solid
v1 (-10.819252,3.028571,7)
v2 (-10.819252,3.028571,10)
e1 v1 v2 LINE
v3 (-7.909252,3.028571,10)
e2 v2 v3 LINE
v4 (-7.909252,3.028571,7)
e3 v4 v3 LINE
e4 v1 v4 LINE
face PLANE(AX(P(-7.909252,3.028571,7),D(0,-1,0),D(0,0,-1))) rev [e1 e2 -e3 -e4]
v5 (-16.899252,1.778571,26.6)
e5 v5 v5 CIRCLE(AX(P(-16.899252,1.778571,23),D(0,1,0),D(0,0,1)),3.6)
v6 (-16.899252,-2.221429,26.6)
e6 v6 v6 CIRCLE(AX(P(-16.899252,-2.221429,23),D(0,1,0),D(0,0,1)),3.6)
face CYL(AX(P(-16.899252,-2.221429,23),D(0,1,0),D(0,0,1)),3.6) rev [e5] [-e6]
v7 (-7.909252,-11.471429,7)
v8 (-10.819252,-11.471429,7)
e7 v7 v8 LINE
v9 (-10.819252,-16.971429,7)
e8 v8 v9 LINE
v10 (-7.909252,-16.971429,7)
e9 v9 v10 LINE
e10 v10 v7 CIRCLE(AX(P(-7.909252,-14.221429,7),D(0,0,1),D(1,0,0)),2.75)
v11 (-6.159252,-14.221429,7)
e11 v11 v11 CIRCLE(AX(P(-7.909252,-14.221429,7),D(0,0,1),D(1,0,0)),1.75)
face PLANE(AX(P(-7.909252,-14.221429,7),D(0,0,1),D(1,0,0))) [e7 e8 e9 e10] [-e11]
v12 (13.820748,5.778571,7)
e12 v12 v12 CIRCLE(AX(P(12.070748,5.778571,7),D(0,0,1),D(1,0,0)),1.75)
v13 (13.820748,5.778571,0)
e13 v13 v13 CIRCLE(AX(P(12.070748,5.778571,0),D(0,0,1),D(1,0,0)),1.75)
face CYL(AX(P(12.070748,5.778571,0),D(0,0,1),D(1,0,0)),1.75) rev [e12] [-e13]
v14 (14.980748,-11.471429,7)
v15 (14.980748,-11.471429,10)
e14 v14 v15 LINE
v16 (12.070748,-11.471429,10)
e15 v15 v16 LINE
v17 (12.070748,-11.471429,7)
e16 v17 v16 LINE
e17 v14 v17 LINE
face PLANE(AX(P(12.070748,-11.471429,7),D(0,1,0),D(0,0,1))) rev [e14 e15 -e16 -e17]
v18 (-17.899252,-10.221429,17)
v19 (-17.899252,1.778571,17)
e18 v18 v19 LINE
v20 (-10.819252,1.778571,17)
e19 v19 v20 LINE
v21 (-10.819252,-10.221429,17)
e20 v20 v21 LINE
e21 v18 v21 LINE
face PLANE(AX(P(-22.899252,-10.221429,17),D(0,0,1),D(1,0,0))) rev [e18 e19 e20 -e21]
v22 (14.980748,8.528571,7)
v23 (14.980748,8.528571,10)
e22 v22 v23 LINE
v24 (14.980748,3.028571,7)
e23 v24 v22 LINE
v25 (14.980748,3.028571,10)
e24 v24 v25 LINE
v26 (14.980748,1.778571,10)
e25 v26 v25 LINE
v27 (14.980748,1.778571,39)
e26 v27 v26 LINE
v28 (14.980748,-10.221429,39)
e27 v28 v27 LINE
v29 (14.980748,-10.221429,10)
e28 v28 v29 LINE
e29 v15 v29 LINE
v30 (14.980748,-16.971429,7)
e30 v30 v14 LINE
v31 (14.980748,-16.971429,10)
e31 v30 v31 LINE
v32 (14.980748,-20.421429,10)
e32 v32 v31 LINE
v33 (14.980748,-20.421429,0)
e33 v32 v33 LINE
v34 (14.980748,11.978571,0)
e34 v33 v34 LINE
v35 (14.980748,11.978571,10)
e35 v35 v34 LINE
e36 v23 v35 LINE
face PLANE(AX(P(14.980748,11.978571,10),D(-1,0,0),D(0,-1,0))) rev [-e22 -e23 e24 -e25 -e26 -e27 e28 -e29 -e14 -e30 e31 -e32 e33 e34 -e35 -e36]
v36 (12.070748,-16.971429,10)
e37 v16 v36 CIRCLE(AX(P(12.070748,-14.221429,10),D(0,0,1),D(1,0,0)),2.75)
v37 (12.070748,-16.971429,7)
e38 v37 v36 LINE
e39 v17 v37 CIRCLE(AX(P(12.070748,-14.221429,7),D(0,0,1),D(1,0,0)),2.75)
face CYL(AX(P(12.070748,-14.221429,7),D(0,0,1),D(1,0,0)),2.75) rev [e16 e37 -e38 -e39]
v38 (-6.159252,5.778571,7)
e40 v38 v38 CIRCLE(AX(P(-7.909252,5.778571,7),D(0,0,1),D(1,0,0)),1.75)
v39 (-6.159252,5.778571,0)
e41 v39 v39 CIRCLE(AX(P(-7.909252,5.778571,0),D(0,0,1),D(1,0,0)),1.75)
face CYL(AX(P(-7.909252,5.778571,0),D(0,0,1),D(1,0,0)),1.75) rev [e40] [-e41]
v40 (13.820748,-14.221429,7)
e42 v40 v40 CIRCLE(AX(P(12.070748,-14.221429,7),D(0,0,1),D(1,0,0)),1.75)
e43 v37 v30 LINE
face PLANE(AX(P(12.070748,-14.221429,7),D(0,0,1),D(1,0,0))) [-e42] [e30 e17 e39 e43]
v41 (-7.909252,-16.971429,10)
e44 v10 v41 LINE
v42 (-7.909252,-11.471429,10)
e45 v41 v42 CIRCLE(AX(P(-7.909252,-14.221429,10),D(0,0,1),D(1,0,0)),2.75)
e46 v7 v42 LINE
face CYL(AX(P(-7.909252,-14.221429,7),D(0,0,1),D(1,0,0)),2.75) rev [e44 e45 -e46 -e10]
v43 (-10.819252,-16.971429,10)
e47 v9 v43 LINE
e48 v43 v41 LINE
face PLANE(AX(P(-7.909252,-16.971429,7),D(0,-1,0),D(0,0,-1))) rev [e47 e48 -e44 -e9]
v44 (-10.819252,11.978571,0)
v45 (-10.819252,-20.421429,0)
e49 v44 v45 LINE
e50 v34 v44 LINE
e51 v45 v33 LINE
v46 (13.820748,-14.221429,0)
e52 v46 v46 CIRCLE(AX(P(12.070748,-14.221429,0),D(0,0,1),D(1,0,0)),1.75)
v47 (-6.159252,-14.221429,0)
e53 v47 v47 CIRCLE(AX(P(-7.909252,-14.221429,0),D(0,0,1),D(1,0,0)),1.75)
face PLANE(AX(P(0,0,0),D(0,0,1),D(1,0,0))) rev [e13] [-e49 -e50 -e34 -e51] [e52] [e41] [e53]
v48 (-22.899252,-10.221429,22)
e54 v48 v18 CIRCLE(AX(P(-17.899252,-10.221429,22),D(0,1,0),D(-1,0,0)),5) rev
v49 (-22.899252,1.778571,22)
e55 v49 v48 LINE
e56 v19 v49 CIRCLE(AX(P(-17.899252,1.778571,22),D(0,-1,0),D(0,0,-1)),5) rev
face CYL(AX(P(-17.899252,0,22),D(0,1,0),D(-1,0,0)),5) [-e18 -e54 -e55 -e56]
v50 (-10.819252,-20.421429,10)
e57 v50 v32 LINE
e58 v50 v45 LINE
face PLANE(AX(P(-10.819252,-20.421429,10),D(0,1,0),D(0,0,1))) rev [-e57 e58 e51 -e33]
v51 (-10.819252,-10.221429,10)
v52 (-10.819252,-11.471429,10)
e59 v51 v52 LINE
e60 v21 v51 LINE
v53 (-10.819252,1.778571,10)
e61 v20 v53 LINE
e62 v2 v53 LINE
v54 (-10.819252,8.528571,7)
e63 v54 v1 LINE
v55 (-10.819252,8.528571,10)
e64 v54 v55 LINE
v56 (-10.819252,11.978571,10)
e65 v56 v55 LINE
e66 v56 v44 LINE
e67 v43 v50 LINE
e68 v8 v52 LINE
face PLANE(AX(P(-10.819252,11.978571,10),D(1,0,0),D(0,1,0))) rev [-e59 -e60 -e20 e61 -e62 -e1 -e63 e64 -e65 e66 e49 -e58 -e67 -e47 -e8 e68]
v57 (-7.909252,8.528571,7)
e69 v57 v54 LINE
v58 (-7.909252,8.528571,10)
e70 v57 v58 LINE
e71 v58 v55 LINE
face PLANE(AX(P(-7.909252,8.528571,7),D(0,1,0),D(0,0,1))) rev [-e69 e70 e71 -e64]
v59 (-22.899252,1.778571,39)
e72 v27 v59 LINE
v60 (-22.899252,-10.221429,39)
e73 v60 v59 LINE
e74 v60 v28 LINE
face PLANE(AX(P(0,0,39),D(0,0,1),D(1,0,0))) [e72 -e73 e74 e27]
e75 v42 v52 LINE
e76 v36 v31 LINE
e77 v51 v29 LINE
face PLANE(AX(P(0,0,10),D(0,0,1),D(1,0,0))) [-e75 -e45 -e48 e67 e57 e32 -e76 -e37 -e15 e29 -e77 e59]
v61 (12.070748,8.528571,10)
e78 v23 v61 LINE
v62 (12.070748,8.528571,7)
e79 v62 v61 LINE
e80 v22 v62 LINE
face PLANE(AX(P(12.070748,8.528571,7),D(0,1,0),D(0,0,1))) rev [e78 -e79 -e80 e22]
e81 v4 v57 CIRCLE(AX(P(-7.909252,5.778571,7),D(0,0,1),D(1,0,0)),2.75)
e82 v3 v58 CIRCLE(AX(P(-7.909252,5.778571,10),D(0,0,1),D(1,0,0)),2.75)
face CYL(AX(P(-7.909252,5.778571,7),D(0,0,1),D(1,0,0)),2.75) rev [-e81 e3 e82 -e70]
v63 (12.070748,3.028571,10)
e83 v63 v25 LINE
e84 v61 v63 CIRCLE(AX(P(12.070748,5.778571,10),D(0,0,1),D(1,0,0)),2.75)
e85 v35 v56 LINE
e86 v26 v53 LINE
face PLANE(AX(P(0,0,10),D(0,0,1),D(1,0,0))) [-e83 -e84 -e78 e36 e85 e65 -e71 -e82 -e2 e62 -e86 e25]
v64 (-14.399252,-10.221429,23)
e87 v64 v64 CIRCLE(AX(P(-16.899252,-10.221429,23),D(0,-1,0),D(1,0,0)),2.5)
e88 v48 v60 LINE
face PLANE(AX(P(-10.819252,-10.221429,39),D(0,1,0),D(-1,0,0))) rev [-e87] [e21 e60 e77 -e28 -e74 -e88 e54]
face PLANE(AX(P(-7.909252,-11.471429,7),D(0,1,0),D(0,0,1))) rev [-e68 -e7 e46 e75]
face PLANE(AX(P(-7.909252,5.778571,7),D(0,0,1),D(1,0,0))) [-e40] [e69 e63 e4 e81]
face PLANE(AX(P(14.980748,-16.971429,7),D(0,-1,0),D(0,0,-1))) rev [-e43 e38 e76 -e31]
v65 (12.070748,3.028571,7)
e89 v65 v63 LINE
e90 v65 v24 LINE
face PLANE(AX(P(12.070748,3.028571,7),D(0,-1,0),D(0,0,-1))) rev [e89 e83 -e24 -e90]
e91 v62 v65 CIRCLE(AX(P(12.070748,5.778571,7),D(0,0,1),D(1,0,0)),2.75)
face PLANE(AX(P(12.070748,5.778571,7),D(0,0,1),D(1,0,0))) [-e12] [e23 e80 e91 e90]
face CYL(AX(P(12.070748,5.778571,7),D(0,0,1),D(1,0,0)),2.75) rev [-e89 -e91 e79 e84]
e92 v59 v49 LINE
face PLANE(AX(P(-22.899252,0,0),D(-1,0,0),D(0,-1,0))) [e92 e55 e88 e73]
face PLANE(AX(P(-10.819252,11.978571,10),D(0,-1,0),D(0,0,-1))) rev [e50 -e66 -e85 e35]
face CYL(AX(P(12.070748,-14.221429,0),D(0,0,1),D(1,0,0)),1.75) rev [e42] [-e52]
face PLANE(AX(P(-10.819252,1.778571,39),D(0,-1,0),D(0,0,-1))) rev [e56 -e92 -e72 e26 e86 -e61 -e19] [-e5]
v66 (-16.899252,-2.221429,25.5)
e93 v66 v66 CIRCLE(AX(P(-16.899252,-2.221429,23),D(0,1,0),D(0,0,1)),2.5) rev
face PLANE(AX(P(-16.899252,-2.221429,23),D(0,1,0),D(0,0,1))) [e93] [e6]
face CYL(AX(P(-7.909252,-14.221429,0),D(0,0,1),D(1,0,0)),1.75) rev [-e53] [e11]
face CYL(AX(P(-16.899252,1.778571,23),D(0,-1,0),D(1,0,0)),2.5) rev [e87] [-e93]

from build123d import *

# Parameters (mm, degrees)
ESQUISSE1_W             = 25.8
ESQUISSE1_H             = 32.4
BOSS_EXTRU_1_DEPTH      = 10
ESQUISSE2_W             = 25.8
ESQUISSE2_H             = 12
BOSS_EXTRU_2_DEPTH      = 29
ESQUISSE3_R             = 2.75
ENL_V_MAT_EXTRU_1_DEPTH = 3
ESQUISSE4_R             = 1.75
ENL_V_MAT_EXTRU_2_DEPTH = 7
ESQUISSE5_W             = 22
ESQUISSE5_H             = 12
BOSS_EXTRU_3_DEPTH      = 12.08
CONG_1_R                = 5
ENL_V_START             = -12
ESQUISSE6_R             = 2.5
ENL_V_MAT_EXTRU_3_DEPTH = 12
ESQUISSE7_R             = 3.6
ENL_V_MAT_EXTRU_4_DEPTH = 4
ESQUISSE8_W             = 2.91
ESQUISSE8_H             = 5.5
ENL_V_MAT_EXTRU_5_DEPTH = 3


with BuildPart() as part:
    # Esquisse1 → Boss.-Extru.1 (new body)
    with BuildSketch(Plane.XY):
        with Locations((2.080747766, -4.221428571)):
            Rectangle(ESQUISSE1_W, ESQUISSE1_H)
    extrude(amount=BOSS_EXTRU_1_DEPTH)

    # Esquisse2 → Boss.-Extru.2 (add)
    with BuildSketch(Plane.XY.offset(10)):
        with Locations((2.080747766, -4.221428571)):
            Rectangle(ESQUISSE2_W, ESQUISSE2_H)
    extrude(amount=BOSS_EXTRU_2_DEPTH)

    # Esquisse3 → Enlèv. mat.-Extru.1 (cut)
    with BuildSketch(Plane.XY.offset(10)):
        with Locations((12.070747766, 5.778571429)):
            Circle(ESQUISSE3_R)
        with Locations((-7.909252234, 5.778571429)):
            Circle(ESQUISSE3_R)
        with Locations((-7.909252234, -14.221428571)):
            Circle(ESQUISSE3_R)
        with Locations((12.070747766, -14.221428571)):
            Circle(ESQUISSE3_R)
    extrude(amount=-ENL_V_MAT_EXTRU_1_DEPTH, mode=Mode.SUBTRACT)

    # Esquisse4 → Enlèv. mat.-Extru.2 (cut)
    with BuildSketch(Plane.XY.offset(7)):
        with Locations((12.070747766, 5.778571429)):
            Circle(ESQUISSE4_R)
        with Locations((-7.909252234, 5.778571429)):
            Circle(ESQUISSE4_R)
        with Locations((12.070747766, -14.221428571)):
            Circle(ESQUISSE4_R)
        with Locations((-7.909252234, -14.221428571)):
            Circle(ESQUISSE4_R)
    extrude(amount=-ENL_V_MAT_EXTRU_2_DEPTH, mode=Mode.SUBTRACT)

    # Esquisse5 → Boss.-Extru.3 (add)
    with BuildSketch(Plane.ZY.offset(10.819252234)):
        with Locations((28, -4.221428571)):
            Rectangle(ESQUISSE5_W, ESQUISSE5_H)
    extrude(amount=BOSS_EXTRU_3_DEPTH)

    # Congé1
    cong_1_edges = [part.edges().sort_by_distance(p)[0] for p in [
        (-22.899252234, -4.221428571, 17),
    ]]
    fillet(cong_1_edges, radius=CONG_1_R)

    # Esquisse6 → Enlèv. mat.-Extru.3 (cut)
    with BuildSketch(Plane.XZ.offset(10.221428571).offset(ENL_V_START)):
        with Locations((-16.899252234, 23)):
            Circle(ESQUISSE6_R)
    extrude(amount=ENL_V_MAT_EXTRU_3_DEPTH, mode=Mode.SUBTRACT)

    # Esquisse7 → Enlèv. mat.-Extru.4 (cut)
    with BuildSketch(Plane(origin=(0, 1.778571429, 0), x_dir=(1, 0, 0), z_dir=(0, 1, 0))):
        with Locations(Location((-16.899252234, -23, 0), (0, 0, 270))):
            Circle(ESQUISSE7_R)
    extrude(amount=-ENL_V_MAT_EXTRU_4_DEPTH, mode=Mode.SUBTRACT)

    # Esquisse8 → Enlèv. mat.-Extru.5 (cut)
    with BuildSketch(Plane.XY.offset(10)):
        with Locations((13.525747766, -14.221428571)):
            Rectangle(ESQUISSE8_W, ESQUISSE8_H)
        with Locations((13.525747766, 5.778571429)):
            Rectangle(ESQUISSE8_W, ESQUISSE8_H)
        with Locations((-9.364252234, 5.778571429)):
            Rectangle(ESQUISSE8_W, ESQUISSE8_H)
        with Locations((-9.364252234, -14.221428571)):
            Rectangle(ESQUISSE8_W, ESQUISSE8_H)
    extrude(amount=-ENL_V_MAT_EXTRU_5_DEPTH, mode=Mode.SUBTRACT)


solid = part.part
